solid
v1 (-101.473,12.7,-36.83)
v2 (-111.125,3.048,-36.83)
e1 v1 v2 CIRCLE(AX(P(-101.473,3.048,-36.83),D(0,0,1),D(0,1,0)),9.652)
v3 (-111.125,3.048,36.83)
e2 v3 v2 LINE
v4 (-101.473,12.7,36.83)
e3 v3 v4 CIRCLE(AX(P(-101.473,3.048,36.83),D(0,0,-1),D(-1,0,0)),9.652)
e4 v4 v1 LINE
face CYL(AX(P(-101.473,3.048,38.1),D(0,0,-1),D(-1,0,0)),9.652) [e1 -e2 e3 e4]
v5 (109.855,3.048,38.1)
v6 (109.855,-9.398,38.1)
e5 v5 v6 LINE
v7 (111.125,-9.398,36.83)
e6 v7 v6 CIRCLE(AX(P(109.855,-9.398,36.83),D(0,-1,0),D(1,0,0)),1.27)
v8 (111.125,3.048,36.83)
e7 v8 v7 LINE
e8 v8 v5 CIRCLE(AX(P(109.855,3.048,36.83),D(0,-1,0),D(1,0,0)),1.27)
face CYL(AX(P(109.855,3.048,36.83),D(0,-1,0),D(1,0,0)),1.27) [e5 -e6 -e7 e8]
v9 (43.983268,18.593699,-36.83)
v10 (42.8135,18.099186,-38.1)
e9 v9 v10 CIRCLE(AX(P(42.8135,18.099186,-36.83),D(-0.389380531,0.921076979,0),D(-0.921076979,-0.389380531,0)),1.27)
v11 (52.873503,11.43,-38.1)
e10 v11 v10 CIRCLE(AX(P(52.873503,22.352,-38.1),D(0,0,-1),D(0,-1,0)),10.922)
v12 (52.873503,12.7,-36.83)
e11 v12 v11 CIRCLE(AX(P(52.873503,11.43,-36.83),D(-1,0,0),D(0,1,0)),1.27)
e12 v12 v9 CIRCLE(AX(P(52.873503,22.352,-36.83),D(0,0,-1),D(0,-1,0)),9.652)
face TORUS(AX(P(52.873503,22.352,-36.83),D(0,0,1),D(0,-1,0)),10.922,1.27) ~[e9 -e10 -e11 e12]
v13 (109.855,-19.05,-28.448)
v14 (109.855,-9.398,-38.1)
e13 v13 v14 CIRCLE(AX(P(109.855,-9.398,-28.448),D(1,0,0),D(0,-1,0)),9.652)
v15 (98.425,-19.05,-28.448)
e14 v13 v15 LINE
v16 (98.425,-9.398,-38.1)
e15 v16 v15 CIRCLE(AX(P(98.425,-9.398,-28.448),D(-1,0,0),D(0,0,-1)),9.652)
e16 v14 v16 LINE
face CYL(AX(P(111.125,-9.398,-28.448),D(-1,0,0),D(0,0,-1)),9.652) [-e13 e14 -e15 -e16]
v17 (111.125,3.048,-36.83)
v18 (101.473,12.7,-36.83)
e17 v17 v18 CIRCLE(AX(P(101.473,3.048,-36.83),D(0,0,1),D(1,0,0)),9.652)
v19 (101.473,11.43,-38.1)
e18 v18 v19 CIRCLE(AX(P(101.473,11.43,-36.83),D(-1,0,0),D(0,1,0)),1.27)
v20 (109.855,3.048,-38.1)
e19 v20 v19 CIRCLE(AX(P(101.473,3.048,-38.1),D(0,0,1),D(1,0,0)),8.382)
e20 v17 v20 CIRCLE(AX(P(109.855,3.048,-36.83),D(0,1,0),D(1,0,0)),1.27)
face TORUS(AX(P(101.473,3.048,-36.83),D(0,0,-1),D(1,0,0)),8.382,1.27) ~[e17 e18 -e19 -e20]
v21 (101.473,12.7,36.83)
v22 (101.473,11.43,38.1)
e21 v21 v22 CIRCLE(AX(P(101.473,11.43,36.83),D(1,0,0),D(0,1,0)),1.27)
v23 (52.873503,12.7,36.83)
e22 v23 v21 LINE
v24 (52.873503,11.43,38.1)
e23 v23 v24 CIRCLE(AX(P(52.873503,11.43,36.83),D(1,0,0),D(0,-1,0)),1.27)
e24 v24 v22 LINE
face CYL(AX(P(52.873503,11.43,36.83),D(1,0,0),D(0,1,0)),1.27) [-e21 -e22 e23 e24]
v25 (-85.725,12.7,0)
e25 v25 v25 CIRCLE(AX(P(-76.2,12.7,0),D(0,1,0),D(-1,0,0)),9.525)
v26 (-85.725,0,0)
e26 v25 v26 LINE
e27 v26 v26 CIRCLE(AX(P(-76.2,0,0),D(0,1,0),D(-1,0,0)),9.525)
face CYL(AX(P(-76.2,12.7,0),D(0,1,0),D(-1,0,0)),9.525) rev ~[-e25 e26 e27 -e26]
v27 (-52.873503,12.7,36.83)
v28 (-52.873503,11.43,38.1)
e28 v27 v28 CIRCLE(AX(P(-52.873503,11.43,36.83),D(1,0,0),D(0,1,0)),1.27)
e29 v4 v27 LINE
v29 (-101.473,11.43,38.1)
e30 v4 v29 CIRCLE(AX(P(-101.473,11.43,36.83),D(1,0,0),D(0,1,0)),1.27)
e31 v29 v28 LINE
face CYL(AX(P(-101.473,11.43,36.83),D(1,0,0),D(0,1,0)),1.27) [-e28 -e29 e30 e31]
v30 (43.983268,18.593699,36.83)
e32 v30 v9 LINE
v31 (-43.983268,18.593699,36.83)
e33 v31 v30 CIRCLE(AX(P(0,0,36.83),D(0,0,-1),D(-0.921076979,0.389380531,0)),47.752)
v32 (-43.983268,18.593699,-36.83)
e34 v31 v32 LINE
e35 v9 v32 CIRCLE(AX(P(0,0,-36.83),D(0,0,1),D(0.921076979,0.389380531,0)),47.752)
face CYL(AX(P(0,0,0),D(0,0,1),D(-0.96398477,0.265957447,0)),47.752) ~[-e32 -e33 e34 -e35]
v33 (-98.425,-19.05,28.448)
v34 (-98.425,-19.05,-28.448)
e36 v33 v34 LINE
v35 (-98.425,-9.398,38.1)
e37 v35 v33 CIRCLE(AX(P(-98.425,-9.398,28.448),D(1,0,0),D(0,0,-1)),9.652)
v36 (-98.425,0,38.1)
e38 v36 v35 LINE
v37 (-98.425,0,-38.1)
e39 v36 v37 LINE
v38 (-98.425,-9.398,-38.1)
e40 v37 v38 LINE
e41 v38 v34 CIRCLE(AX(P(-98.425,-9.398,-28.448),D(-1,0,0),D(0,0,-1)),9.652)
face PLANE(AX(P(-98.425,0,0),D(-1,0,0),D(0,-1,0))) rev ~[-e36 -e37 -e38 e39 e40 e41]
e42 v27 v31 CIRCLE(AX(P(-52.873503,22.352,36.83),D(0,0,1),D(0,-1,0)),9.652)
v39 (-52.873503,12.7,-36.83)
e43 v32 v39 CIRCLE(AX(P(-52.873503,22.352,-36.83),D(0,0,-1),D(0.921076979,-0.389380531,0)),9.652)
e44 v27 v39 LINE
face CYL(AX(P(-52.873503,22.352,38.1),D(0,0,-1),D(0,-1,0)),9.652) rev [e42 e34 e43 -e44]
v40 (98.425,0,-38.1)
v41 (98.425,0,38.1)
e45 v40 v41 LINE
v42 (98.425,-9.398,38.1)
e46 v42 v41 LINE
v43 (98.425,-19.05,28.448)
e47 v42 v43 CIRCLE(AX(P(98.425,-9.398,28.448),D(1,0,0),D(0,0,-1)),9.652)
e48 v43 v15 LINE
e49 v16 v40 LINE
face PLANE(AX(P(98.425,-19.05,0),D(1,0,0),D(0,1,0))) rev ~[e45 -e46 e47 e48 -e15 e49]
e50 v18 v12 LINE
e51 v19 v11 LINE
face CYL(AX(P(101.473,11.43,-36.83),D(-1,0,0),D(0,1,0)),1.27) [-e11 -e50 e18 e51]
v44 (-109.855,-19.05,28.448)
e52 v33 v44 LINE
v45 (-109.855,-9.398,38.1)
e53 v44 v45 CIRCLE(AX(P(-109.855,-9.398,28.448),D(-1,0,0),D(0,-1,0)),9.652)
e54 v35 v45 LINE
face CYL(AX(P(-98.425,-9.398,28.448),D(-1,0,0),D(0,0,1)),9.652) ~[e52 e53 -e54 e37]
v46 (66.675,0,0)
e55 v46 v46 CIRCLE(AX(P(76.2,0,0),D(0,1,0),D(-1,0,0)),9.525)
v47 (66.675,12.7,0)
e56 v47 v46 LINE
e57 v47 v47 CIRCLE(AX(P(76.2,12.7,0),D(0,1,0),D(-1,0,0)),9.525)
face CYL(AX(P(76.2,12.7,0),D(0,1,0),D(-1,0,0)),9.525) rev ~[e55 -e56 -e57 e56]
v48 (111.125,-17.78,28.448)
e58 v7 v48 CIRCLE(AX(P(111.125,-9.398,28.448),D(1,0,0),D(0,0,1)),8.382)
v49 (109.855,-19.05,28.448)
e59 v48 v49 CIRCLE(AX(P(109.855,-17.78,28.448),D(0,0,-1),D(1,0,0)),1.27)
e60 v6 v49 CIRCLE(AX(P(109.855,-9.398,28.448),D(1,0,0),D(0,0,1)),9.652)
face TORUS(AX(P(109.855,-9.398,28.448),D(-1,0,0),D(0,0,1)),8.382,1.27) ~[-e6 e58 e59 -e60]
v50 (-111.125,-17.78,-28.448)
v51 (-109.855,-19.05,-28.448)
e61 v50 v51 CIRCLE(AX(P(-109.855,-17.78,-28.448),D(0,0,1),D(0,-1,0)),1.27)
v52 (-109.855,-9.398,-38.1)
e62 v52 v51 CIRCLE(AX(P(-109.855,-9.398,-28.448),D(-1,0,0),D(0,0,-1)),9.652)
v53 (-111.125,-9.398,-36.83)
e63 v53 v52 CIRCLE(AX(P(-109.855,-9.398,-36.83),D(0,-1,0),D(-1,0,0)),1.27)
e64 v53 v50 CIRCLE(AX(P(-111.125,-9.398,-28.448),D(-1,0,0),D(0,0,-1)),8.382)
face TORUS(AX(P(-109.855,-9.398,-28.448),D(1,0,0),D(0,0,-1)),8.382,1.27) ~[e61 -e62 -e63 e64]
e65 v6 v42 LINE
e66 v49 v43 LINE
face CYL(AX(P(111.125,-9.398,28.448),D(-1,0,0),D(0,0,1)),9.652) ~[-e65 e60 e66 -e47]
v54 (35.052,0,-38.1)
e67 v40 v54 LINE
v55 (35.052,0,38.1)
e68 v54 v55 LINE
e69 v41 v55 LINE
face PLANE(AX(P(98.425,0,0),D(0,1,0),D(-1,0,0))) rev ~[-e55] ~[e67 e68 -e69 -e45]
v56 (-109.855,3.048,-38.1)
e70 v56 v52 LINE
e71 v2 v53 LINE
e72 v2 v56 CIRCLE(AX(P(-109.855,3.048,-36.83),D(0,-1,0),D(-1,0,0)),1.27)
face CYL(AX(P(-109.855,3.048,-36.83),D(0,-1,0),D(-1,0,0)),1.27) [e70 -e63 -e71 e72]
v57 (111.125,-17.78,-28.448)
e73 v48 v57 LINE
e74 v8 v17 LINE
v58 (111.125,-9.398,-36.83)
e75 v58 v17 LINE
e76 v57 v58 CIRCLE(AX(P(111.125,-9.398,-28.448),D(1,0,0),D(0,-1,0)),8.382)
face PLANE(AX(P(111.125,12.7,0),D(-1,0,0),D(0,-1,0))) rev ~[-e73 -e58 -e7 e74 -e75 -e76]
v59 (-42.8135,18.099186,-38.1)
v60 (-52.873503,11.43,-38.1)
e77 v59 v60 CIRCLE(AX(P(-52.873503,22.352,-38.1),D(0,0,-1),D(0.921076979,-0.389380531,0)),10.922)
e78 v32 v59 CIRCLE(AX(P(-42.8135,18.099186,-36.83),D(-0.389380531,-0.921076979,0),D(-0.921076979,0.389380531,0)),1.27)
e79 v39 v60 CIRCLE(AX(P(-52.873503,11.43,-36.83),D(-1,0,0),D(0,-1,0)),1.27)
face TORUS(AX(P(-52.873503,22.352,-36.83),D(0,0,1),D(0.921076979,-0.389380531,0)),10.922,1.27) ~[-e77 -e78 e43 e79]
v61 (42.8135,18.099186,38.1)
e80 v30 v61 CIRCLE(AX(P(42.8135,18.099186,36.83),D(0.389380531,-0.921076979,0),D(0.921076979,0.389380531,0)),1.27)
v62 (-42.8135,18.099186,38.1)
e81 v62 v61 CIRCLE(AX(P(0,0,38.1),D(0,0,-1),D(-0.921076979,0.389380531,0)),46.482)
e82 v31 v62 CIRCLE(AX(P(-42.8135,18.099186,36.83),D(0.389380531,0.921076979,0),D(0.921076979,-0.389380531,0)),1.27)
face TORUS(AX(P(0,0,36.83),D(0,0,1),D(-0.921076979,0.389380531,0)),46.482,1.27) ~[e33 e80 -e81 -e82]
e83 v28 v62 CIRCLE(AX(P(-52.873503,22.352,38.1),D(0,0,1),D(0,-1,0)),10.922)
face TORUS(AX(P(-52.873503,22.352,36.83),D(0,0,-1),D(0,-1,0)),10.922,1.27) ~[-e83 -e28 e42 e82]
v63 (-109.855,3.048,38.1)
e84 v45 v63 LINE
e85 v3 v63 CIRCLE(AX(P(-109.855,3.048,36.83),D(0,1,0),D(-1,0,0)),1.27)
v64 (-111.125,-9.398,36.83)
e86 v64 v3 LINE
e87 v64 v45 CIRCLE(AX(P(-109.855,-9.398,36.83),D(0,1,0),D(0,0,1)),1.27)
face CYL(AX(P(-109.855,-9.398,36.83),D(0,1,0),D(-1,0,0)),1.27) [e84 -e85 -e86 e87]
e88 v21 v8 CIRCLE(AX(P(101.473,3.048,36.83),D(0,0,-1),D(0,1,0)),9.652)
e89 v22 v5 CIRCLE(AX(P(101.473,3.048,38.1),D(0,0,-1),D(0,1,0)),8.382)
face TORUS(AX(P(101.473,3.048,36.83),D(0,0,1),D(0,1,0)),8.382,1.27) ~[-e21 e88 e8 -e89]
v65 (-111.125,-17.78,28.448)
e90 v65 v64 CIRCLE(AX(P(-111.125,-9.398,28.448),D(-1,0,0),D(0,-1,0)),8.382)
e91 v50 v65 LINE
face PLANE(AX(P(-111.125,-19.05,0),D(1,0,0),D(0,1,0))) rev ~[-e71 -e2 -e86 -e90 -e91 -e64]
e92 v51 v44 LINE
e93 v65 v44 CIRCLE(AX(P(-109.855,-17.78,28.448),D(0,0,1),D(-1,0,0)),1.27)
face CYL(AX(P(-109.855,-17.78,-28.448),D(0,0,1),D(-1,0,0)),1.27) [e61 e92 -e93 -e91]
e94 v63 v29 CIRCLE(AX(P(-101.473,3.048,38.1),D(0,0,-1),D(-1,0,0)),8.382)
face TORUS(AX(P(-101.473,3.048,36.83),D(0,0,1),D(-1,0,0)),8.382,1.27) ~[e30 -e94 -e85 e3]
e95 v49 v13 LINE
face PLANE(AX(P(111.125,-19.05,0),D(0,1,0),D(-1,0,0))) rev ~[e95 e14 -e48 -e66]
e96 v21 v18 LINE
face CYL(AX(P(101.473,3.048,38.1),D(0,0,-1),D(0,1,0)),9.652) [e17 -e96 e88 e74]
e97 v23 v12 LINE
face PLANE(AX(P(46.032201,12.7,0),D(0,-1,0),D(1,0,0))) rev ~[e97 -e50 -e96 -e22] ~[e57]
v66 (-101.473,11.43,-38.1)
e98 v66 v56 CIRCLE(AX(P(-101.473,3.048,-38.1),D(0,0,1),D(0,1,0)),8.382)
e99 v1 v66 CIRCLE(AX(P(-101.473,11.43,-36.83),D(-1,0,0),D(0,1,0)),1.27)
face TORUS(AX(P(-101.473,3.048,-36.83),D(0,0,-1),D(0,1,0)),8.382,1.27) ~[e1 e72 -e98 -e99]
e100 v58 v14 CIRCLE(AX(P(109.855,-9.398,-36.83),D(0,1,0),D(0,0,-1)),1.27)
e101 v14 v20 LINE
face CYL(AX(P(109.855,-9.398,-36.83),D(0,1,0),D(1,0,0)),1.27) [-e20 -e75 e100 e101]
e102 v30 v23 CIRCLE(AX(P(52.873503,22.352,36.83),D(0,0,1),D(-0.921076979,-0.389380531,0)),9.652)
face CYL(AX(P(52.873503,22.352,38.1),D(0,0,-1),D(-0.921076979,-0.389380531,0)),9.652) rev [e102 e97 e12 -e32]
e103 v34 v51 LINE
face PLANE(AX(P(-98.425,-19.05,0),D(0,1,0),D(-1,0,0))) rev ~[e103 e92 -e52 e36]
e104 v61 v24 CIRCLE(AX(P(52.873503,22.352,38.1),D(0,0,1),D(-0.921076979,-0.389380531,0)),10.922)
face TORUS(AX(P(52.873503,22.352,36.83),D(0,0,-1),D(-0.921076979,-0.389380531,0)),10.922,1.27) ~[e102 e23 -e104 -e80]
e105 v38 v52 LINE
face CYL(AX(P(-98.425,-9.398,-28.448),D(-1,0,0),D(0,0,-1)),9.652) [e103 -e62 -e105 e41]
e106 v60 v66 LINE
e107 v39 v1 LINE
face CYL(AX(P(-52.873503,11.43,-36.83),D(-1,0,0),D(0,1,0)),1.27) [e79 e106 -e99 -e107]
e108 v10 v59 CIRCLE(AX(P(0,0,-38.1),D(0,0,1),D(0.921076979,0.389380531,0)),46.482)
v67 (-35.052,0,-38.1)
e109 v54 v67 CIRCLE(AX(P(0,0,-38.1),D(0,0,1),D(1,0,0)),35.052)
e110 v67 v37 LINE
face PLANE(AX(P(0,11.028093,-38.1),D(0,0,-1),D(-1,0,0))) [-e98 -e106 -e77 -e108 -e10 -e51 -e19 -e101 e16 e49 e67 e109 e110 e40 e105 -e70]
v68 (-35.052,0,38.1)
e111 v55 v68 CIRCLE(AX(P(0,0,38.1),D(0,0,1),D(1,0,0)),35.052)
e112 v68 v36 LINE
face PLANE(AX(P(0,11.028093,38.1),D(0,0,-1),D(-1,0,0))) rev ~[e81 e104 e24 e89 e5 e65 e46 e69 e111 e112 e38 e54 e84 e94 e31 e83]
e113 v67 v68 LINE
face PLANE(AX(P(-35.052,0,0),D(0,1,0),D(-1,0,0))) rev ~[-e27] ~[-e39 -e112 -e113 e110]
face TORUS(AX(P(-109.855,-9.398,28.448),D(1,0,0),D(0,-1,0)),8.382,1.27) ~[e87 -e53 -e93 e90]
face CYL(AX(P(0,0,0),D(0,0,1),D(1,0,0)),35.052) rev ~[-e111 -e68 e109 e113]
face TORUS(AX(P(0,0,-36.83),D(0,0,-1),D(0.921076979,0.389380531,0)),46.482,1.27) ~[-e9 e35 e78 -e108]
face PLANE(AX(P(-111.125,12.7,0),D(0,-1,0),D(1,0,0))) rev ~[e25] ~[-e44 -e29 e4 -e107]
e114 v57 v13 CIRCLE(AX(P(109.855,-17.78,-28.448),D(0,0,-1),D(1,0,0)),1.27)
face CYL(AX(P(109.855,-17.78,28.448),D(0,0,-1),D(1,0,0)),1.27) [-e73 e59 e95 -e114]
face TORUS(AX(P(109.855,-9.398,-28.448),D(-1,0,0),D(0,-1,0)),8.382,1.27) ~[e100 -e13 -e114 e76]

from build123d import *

# Parameters (mm, degrees)
BOSS_EXTRUDE1_DEPTH = 38.1
SKETCH3_R           = 9.525
CUT_EXTRUDE1_DEPTH  = 123.592896731
FILLET1_R           = 9.652
FILLET2_R           = 1.27


with BuildPart() as part:
    # Sketch1 → Boss-Extrude1 (new, symmetric)
    with BuildSketch(Plane.XY):
        with BuildLine():
            Line((-35.052, 0), (-98.425, 0))
            Line((-98.425, 0), (-98.425, -19.05))
            Line((-98.425, -19.05), (-111.125, -19.05))
            Line((-111.125, -19.05), (-111.125, 12.7))
            Line((-111.125, 12.7), (-46.032200729, 12.7))
            ThreePointArc((-46.032200729, 12.7), (0, 47.752), (46.032200729, 12.7))
            Line((46.032200729, 12.7), (111.125, 12.7))
            Line((111.125, 12.7), (111.125, -19.05))
            Line((111.125, -19.05), (98.425, -19.05))
            Line((98.425, -19.05), (98.425, 0))
            Line((98.425, 0), (35.052, 0))
            ThreePointArc((35.052, 0), (0, 35.052), (-35.052, 0))
        make_face()
    extrude(amount=BOSS_EXTRUDE1_DEPTH, both=True)

    # Sketch3 → Cut-Extrude1 (cut, through all)
    with BuildSketch(Plane(origin=(0, 12.7, 0), x_dir=(1, 0, 0), z_dir=(0, 1, 0))):
        with Locations(Location((-76.2, 0, 0), (0, 0, 180))):
            Circle(SKETCH3_R)
        with Locations(Location((76.2, 0, 0), (0, 0, 180))):
            Circle(SKETCH3_R)
    extrude(amount=-CUT_EXTRUDE1_DEPTH, mode=Mode.SUBTRACT)

    # Fillet1
    fillet1_edges = [part.edges().sort_by_distance(p)[0] for p in [
        (-104.775, -19.05, -38.1),
        (104.775, -19.05, -38.1),
        (104.775, -19.05, 38.1),
        (-111.125, 12.7, 0),
        (-46.032200729, 12.7, 0),
        (46.032200729, 12.7, 0),
        (111.125, 12.7, 0),
        (-104.775, -19.05, 38.1),
    ]]
    fillet(fillet1_edges, radius=FILLET1_R)

    # Fillet2
    fillet2_edges = [part.edges().sort_by_distance(p)[0] for p in [
        (111.125, -19.05, 0),
        (111.125, -3.175, -38.1),
        (111.125, -3.175, 38.1),
        (111.125, -16.222994652, 35.272994652),
        (111.125, -16.222994652, -35.272994652),
        (-111.125, -3.175, -38.1),
        (-77.173251465, 12.7, -38.1),
        (0, 47.752, -38.1),
        (77.173251465, 12.7, -38.1),
        (108.297994652, 9.872994652, -38.1),
        (-108.297994652, 9.872994652, -38.1),
        (-111.125, -19.05, 0),
        (-111.125, -3.175, 38.1),
        (-111.125, -16.222994652, 35.272994652),
        (-111.125, -16.222994652, -35.272994652),
        (-77.173251465, 12.7, 38.1),
        (0, 47.752, 38.1),
        (77.173251465, 12.7, 38.1),
        (108.297994652, 9.872994652, 38.1),
        (-108.297994652, 9.872994652, 38.1),
        (-47.540305771, 14.307243194, -38.1),
        (-47.540305771, 14.307243194, 38.1),
        (47.540305771, 14.307243194, -38.1),
        (47.540305771, 14.307243194, 38.1),
    ]]
    fillet(fillet2_edges, radius=FILLET2_R)


solid = part.part
